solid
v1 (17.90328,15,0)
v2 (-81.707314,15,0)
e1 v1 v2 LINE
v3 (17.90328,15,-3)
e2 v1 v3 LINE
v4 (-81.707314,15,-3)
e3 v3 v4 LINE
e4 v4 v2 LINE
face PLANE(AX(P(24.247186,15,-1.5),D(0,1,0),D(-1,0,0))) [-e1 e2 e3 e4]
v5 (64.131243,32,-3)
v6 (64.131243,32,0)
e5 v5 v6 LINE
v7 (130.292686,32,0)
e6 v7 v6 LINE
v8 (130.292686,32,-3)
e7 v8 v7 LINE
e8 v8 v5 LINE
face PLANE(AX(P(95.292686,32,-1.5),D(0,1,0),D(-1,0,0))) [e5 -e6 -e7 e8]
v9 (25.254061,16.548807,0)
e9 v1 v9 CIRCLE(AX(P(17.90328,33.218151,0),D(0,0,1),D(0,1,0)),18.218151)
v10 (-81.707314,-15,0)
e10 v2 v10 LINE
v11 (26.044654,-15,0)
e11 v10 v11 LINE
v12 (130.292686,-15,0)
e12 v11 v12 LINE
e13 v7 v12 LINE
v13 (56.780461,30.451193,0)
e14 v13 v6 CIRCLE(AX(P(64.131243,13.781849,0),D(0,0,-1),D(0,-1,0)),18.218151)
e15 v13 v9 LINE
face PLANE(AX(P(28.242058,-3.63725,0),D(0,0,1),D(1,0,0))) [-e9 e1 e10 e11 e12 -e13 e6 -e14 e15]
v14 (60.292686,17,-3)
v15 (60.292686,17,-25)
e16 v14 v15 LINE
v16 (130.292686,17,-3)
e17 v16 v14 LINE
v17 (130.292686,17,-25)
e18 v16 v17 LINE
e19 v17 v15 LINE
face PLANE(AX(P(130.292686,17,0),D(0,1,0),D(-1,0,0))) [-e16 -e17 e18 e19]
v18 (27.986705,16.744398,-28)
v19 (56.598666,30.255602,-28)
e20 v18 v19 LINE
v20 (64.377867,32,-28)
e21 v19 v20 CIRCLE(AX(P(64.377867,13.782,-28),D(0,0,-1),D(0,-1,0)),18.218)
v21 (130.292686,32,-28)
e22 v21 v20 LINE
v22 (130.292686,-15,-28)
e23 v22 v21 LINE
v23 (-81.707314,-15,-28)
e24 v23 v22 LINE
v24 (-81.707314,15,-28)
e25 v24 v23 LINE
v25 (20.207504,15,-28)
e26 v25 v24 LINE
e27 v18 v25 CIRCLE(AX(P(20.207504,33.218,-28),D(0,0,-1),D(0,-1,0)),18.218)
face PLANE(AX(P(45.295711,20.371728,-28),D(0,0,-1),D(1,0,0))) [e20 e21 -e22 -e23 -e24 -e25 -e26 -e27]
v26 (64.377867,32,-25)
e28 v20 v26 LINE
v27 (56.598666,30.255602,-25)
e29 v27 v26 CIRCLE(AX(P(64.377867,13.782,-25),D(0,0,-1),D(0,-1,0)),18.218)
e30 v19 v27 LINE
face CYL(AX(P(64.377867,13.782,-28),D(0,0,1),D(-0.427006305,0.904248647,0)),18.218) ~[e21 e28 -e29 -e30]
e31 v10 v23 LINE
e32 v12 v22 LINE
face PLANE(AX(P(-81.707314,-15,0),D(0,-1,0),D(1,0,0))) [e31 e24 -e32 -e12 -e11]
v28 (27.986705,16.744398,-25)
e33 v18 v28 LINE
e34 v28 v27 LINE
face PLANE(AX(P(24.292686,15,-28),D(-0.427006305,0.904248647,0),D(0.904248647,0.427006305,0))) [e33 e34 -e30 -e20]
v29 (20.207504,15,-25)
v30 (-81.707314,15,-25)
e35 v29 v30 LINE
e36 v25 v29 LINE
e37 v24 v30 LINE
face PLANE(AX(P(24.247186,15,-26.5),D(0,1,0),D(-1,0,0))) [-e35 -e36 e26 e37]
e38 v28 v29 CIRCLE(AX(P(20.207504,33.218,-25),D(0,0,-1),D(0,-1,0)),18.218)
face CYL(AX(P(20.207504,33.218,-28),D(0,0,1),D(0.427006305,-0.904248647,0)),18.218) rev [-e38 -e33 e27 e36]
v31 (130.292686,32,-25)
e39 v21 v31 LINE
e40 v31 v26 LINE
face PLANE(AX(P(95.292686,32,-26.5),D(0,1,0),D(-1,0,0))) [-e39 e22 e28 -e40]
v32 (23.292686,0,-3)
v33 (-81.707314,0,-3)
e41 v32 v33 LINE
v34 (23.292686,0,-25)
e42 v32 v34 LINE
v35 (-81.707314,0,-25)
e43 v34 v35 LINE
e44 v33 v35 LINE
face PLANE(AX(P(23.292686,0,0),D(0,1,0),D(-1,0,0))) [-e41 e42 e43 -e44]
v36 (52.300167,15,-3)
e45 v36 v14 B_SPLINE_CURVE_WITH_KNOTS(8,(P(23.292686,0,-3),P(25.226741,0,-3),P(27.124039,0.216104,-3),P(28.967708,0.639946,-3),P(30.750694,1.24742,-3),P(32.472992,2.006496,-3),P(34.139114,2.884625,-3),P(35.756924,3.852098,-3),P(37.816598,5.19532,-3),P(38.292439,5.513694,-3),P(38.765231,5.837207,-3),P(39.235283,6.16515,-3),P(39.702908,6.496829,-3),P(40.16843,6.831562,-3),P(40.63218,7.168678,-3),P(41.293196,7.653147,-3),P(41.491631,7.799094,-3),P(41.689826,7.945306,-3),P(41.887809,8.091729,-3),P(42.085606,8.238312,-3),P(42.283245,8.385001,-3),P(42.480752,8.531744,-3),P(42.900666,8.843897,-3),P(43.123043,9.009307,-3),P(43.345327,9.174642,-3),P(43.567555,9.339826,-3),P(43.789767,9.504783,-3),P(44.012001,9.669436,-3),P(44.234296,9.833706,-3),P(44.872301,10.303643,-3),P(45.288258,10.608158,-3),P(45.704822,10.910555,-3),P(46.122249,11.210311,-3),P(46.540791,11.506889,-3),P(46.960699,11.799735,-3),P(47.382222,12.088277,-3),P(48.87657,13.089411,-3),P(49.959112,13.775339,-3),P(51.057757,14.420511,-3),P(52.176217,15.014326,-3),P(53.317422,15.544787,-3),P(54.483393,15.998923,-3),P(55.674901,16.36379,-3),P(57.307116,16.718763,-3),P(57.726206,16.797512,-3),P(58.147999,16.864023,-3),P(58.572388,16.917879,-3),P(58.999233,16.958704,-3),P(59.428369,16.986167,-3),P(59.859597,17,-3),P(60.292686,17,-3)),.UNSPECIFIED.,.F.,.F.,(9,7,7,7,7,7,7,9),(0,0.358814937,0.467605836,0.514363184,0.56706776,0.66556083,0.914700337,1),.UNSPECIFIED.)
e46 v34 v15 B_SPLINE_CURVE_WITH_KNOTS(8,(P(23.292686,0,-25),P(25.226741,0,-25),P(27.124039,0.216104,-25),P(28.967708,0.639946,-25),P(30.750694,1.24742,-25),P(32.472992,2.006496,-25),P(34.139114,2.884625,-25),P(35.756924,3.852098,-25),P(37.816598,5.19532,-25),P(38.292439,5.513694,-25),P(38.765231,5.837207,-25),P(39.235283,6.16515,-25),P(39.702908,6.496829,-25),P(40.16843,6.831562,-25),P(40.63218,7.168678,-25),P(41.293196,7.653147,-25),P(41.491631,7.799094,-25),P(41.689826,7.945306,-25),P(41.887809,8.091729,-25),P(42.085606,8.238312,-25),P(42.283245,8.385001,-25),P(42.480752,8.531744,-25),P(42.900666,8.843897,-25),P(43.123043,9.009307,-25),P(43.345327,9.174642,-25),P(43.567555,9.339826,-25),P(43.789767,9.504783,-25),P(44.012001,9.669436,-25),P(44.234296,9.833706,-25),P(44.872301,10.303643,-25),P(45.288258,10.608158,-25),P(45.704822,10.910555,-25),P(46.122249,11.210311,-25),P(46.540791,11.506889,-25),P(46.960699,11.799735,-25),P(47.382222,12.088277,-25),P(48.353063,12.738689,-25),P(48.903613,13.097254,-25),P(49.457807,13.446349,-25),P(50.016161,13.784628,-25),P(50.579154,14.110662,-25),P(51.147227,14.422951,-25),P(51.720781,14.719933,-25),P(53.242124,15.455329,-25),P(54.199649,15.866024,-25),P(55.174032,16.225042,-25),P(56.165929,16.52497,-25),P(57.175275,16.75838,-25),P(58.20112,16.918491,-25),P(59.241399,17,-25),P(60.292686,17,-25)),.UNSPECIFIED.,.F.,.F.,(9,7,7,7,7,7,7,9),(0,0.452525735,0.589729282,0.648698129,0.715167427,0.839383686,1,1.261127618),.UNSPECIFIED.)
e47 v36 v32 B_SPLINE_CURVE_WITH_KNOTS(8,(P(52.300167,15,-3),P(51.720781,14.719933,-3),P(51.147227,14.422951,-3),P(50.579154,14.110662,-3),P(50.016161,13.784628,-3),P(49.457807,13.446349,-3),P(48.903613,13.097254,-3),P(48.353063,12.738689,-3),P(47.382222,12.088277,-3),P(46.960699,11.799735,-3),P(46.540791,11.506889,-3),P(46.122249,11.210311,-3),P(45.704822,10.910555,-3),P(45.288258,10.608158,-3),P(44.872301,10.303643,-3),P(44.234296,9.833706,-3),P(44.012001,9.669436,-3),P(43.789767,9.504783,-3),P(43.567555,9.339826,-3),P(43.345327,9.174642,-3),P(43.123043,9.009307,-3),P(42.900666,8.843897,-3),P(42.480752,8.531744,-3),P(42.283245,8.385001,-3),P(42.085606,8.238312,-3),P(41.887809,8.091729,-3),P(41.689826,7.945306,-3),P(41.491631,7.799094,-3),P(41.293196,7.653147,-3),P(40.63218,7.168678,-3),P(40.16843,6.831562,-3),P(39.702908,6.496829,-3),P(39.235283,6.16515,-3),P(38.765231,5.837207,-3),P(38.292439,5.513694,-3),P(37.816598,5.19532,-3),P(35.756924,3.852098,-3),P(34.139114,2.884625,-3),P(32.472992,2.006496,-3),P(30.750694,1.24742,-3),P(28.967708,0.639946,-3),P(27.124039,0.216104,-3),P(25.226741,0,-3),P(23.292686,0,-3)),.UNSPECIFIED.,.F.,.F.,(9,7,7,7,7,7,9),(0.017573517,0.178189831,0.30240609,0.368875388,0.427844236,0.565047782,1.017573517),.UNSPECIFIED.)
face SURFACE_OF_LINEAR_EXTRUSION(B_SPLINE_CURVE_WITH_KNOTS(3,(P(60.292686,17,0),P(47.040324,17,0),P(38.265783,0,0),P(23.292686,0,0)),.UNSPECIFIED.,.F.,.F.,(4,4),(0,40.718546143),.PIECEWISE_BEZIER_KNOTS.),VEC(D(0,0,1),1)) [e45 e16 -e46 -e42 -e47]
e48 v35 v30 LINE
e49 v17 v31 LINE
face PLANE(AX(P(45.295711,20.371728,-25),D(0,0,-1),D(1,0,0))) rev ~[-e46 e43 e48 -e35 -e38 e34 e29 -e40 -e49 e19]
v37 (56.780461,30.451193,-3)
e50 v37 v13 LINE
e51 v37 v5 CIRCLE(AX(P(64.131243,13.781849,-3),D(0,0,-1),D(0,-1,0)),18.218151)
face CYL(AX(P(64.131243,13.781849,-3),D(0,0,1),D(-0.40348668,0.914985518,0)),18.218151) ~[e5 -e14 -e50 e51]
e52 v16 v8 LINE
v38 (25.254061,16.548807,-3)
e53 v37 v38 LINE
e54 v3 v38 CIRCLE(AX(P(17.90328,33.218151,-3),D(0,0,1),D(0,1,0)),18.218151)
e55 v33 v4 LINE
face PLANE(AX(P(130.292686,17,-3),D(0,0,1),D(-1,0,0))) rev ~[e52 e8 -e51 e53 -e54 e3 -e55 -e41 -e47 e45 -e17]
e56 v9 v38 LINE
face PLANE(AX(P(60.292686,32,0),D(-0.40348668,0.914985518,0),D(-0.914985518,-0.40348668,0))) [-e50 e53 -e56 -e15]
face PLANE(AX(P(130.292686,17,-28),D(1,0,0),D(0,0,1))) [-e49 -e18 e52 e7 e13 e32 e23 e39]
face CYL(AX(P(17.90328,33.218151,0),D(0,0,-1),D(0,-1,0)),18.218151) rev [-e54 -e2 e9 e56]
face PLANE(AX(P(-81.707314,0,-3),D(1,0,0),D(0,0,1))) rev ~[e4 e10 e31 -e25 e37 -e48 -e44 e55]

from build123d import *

# Parameters (mm, degrees)
F1_DEPTH  = 28
F2_W      = 211.909
F2_H      = 3
F3_DEPTH  = 15
F4_W      = 70
F4_H      = 3
F5_DEPTH  = 15
F7_DEPTH  = 3
F8_R      = 18.2181512029
F10_DEPTH = 3
F11_R     = 18.218


with BuildPart() as f1:
    # F0 (on Top) → F1 (new body)
    with BuildSketch(Plane.XY):
        with BuildLine():
            Line((23.2926856095, 0), (-81.7073143905, 0))
            Line((-81.7073143905, 0), (-81.7073143905, -15))
            Line((-81.7073143905, -15), (130.2926856095, -15))
            Line((130.2926856095, -15), (130.2926856095, 17))
            Line((130.2926856095, 17), (60.2926856095, 17))
            add(Edge.make_bspline(
                [(60.2926856095, 17), (47.0403235396, 17), (38.2657825675, 0), (23.2926856095, 0)],
                knots=[0, 0, 0, 0, 40.718546143, 40.718546143, 40.718546143, 40.718546143], degree=3))
        make_face()
    extrude(amount=-F1_DEPTH)

    # F2 (on face) → F3 (join)
    with BuildSketch(Plane(origin=(0, 0, 0), x_dir=(-1, 0, 0), z_dir=(0, 1, 0))):
        with Locations((-24.2471856095, -1.5)):
            Rectangle(F2_W, F2_H)
        with Locations((-24.2471856095, -26.5)):
            Rectangle(F2_W, F2_H)
    extrude(amount=F3_DEPTH)

    # F4 (on face) → F5 (join)
    with BuildSketch(Plane(origin=(0, 17, 0), x_dir=(-1, 0, 0), z_dir=(0, 1, 0))):
        with Locations((-95.2926856095, -26.5)):
            Rectangle(F4_W, F4_H)
        with Locations((-95.2926856095, -1.5)):
            Rectangle(F4_W, F4_H)
    extrude(amount=F5_DEPTH)

    # F6 (on face) → F7 (join)
    with BuildSketch(Plane.XY):
        Polygon((64.7905170918, 0), (60.2926856095, 32), (21.7418372631, 15), (26.0446537286, -15), align=None)
    extrude(amount=-F7_DEPTH)

    # F8
    f8_edges = [f1.edges().sort_by_distance(p)[0] for p in [
        (60.292686, 32, -1.5),
        (21.741837, 15, -1.5),
    ]]
    fillet(f8_edges, radius=F8_R)

    # F9 (on face) → F10 (join)
    with BuildSketch(Plane(origin=(0, 0, -28), x_dir=(1, 0, 0), z_dir=(0, 0, -1))):
        Polygon((24.2926856095, -15), (60.2926856095, -32), (60.2926856095, -17), (52.3001670697, -15), align=None)
    extrude(amount=-F10_DEPTH)

    # F11
    f11_edges = [f1.edges().sort_by_distance(p)[0] for p in [
        (60.292686, 32, -26.5),
        (24.292686, 15, -26.5),
    ]]
    fillet(f11_edges, radius=F11_R)


solid = f1.part
